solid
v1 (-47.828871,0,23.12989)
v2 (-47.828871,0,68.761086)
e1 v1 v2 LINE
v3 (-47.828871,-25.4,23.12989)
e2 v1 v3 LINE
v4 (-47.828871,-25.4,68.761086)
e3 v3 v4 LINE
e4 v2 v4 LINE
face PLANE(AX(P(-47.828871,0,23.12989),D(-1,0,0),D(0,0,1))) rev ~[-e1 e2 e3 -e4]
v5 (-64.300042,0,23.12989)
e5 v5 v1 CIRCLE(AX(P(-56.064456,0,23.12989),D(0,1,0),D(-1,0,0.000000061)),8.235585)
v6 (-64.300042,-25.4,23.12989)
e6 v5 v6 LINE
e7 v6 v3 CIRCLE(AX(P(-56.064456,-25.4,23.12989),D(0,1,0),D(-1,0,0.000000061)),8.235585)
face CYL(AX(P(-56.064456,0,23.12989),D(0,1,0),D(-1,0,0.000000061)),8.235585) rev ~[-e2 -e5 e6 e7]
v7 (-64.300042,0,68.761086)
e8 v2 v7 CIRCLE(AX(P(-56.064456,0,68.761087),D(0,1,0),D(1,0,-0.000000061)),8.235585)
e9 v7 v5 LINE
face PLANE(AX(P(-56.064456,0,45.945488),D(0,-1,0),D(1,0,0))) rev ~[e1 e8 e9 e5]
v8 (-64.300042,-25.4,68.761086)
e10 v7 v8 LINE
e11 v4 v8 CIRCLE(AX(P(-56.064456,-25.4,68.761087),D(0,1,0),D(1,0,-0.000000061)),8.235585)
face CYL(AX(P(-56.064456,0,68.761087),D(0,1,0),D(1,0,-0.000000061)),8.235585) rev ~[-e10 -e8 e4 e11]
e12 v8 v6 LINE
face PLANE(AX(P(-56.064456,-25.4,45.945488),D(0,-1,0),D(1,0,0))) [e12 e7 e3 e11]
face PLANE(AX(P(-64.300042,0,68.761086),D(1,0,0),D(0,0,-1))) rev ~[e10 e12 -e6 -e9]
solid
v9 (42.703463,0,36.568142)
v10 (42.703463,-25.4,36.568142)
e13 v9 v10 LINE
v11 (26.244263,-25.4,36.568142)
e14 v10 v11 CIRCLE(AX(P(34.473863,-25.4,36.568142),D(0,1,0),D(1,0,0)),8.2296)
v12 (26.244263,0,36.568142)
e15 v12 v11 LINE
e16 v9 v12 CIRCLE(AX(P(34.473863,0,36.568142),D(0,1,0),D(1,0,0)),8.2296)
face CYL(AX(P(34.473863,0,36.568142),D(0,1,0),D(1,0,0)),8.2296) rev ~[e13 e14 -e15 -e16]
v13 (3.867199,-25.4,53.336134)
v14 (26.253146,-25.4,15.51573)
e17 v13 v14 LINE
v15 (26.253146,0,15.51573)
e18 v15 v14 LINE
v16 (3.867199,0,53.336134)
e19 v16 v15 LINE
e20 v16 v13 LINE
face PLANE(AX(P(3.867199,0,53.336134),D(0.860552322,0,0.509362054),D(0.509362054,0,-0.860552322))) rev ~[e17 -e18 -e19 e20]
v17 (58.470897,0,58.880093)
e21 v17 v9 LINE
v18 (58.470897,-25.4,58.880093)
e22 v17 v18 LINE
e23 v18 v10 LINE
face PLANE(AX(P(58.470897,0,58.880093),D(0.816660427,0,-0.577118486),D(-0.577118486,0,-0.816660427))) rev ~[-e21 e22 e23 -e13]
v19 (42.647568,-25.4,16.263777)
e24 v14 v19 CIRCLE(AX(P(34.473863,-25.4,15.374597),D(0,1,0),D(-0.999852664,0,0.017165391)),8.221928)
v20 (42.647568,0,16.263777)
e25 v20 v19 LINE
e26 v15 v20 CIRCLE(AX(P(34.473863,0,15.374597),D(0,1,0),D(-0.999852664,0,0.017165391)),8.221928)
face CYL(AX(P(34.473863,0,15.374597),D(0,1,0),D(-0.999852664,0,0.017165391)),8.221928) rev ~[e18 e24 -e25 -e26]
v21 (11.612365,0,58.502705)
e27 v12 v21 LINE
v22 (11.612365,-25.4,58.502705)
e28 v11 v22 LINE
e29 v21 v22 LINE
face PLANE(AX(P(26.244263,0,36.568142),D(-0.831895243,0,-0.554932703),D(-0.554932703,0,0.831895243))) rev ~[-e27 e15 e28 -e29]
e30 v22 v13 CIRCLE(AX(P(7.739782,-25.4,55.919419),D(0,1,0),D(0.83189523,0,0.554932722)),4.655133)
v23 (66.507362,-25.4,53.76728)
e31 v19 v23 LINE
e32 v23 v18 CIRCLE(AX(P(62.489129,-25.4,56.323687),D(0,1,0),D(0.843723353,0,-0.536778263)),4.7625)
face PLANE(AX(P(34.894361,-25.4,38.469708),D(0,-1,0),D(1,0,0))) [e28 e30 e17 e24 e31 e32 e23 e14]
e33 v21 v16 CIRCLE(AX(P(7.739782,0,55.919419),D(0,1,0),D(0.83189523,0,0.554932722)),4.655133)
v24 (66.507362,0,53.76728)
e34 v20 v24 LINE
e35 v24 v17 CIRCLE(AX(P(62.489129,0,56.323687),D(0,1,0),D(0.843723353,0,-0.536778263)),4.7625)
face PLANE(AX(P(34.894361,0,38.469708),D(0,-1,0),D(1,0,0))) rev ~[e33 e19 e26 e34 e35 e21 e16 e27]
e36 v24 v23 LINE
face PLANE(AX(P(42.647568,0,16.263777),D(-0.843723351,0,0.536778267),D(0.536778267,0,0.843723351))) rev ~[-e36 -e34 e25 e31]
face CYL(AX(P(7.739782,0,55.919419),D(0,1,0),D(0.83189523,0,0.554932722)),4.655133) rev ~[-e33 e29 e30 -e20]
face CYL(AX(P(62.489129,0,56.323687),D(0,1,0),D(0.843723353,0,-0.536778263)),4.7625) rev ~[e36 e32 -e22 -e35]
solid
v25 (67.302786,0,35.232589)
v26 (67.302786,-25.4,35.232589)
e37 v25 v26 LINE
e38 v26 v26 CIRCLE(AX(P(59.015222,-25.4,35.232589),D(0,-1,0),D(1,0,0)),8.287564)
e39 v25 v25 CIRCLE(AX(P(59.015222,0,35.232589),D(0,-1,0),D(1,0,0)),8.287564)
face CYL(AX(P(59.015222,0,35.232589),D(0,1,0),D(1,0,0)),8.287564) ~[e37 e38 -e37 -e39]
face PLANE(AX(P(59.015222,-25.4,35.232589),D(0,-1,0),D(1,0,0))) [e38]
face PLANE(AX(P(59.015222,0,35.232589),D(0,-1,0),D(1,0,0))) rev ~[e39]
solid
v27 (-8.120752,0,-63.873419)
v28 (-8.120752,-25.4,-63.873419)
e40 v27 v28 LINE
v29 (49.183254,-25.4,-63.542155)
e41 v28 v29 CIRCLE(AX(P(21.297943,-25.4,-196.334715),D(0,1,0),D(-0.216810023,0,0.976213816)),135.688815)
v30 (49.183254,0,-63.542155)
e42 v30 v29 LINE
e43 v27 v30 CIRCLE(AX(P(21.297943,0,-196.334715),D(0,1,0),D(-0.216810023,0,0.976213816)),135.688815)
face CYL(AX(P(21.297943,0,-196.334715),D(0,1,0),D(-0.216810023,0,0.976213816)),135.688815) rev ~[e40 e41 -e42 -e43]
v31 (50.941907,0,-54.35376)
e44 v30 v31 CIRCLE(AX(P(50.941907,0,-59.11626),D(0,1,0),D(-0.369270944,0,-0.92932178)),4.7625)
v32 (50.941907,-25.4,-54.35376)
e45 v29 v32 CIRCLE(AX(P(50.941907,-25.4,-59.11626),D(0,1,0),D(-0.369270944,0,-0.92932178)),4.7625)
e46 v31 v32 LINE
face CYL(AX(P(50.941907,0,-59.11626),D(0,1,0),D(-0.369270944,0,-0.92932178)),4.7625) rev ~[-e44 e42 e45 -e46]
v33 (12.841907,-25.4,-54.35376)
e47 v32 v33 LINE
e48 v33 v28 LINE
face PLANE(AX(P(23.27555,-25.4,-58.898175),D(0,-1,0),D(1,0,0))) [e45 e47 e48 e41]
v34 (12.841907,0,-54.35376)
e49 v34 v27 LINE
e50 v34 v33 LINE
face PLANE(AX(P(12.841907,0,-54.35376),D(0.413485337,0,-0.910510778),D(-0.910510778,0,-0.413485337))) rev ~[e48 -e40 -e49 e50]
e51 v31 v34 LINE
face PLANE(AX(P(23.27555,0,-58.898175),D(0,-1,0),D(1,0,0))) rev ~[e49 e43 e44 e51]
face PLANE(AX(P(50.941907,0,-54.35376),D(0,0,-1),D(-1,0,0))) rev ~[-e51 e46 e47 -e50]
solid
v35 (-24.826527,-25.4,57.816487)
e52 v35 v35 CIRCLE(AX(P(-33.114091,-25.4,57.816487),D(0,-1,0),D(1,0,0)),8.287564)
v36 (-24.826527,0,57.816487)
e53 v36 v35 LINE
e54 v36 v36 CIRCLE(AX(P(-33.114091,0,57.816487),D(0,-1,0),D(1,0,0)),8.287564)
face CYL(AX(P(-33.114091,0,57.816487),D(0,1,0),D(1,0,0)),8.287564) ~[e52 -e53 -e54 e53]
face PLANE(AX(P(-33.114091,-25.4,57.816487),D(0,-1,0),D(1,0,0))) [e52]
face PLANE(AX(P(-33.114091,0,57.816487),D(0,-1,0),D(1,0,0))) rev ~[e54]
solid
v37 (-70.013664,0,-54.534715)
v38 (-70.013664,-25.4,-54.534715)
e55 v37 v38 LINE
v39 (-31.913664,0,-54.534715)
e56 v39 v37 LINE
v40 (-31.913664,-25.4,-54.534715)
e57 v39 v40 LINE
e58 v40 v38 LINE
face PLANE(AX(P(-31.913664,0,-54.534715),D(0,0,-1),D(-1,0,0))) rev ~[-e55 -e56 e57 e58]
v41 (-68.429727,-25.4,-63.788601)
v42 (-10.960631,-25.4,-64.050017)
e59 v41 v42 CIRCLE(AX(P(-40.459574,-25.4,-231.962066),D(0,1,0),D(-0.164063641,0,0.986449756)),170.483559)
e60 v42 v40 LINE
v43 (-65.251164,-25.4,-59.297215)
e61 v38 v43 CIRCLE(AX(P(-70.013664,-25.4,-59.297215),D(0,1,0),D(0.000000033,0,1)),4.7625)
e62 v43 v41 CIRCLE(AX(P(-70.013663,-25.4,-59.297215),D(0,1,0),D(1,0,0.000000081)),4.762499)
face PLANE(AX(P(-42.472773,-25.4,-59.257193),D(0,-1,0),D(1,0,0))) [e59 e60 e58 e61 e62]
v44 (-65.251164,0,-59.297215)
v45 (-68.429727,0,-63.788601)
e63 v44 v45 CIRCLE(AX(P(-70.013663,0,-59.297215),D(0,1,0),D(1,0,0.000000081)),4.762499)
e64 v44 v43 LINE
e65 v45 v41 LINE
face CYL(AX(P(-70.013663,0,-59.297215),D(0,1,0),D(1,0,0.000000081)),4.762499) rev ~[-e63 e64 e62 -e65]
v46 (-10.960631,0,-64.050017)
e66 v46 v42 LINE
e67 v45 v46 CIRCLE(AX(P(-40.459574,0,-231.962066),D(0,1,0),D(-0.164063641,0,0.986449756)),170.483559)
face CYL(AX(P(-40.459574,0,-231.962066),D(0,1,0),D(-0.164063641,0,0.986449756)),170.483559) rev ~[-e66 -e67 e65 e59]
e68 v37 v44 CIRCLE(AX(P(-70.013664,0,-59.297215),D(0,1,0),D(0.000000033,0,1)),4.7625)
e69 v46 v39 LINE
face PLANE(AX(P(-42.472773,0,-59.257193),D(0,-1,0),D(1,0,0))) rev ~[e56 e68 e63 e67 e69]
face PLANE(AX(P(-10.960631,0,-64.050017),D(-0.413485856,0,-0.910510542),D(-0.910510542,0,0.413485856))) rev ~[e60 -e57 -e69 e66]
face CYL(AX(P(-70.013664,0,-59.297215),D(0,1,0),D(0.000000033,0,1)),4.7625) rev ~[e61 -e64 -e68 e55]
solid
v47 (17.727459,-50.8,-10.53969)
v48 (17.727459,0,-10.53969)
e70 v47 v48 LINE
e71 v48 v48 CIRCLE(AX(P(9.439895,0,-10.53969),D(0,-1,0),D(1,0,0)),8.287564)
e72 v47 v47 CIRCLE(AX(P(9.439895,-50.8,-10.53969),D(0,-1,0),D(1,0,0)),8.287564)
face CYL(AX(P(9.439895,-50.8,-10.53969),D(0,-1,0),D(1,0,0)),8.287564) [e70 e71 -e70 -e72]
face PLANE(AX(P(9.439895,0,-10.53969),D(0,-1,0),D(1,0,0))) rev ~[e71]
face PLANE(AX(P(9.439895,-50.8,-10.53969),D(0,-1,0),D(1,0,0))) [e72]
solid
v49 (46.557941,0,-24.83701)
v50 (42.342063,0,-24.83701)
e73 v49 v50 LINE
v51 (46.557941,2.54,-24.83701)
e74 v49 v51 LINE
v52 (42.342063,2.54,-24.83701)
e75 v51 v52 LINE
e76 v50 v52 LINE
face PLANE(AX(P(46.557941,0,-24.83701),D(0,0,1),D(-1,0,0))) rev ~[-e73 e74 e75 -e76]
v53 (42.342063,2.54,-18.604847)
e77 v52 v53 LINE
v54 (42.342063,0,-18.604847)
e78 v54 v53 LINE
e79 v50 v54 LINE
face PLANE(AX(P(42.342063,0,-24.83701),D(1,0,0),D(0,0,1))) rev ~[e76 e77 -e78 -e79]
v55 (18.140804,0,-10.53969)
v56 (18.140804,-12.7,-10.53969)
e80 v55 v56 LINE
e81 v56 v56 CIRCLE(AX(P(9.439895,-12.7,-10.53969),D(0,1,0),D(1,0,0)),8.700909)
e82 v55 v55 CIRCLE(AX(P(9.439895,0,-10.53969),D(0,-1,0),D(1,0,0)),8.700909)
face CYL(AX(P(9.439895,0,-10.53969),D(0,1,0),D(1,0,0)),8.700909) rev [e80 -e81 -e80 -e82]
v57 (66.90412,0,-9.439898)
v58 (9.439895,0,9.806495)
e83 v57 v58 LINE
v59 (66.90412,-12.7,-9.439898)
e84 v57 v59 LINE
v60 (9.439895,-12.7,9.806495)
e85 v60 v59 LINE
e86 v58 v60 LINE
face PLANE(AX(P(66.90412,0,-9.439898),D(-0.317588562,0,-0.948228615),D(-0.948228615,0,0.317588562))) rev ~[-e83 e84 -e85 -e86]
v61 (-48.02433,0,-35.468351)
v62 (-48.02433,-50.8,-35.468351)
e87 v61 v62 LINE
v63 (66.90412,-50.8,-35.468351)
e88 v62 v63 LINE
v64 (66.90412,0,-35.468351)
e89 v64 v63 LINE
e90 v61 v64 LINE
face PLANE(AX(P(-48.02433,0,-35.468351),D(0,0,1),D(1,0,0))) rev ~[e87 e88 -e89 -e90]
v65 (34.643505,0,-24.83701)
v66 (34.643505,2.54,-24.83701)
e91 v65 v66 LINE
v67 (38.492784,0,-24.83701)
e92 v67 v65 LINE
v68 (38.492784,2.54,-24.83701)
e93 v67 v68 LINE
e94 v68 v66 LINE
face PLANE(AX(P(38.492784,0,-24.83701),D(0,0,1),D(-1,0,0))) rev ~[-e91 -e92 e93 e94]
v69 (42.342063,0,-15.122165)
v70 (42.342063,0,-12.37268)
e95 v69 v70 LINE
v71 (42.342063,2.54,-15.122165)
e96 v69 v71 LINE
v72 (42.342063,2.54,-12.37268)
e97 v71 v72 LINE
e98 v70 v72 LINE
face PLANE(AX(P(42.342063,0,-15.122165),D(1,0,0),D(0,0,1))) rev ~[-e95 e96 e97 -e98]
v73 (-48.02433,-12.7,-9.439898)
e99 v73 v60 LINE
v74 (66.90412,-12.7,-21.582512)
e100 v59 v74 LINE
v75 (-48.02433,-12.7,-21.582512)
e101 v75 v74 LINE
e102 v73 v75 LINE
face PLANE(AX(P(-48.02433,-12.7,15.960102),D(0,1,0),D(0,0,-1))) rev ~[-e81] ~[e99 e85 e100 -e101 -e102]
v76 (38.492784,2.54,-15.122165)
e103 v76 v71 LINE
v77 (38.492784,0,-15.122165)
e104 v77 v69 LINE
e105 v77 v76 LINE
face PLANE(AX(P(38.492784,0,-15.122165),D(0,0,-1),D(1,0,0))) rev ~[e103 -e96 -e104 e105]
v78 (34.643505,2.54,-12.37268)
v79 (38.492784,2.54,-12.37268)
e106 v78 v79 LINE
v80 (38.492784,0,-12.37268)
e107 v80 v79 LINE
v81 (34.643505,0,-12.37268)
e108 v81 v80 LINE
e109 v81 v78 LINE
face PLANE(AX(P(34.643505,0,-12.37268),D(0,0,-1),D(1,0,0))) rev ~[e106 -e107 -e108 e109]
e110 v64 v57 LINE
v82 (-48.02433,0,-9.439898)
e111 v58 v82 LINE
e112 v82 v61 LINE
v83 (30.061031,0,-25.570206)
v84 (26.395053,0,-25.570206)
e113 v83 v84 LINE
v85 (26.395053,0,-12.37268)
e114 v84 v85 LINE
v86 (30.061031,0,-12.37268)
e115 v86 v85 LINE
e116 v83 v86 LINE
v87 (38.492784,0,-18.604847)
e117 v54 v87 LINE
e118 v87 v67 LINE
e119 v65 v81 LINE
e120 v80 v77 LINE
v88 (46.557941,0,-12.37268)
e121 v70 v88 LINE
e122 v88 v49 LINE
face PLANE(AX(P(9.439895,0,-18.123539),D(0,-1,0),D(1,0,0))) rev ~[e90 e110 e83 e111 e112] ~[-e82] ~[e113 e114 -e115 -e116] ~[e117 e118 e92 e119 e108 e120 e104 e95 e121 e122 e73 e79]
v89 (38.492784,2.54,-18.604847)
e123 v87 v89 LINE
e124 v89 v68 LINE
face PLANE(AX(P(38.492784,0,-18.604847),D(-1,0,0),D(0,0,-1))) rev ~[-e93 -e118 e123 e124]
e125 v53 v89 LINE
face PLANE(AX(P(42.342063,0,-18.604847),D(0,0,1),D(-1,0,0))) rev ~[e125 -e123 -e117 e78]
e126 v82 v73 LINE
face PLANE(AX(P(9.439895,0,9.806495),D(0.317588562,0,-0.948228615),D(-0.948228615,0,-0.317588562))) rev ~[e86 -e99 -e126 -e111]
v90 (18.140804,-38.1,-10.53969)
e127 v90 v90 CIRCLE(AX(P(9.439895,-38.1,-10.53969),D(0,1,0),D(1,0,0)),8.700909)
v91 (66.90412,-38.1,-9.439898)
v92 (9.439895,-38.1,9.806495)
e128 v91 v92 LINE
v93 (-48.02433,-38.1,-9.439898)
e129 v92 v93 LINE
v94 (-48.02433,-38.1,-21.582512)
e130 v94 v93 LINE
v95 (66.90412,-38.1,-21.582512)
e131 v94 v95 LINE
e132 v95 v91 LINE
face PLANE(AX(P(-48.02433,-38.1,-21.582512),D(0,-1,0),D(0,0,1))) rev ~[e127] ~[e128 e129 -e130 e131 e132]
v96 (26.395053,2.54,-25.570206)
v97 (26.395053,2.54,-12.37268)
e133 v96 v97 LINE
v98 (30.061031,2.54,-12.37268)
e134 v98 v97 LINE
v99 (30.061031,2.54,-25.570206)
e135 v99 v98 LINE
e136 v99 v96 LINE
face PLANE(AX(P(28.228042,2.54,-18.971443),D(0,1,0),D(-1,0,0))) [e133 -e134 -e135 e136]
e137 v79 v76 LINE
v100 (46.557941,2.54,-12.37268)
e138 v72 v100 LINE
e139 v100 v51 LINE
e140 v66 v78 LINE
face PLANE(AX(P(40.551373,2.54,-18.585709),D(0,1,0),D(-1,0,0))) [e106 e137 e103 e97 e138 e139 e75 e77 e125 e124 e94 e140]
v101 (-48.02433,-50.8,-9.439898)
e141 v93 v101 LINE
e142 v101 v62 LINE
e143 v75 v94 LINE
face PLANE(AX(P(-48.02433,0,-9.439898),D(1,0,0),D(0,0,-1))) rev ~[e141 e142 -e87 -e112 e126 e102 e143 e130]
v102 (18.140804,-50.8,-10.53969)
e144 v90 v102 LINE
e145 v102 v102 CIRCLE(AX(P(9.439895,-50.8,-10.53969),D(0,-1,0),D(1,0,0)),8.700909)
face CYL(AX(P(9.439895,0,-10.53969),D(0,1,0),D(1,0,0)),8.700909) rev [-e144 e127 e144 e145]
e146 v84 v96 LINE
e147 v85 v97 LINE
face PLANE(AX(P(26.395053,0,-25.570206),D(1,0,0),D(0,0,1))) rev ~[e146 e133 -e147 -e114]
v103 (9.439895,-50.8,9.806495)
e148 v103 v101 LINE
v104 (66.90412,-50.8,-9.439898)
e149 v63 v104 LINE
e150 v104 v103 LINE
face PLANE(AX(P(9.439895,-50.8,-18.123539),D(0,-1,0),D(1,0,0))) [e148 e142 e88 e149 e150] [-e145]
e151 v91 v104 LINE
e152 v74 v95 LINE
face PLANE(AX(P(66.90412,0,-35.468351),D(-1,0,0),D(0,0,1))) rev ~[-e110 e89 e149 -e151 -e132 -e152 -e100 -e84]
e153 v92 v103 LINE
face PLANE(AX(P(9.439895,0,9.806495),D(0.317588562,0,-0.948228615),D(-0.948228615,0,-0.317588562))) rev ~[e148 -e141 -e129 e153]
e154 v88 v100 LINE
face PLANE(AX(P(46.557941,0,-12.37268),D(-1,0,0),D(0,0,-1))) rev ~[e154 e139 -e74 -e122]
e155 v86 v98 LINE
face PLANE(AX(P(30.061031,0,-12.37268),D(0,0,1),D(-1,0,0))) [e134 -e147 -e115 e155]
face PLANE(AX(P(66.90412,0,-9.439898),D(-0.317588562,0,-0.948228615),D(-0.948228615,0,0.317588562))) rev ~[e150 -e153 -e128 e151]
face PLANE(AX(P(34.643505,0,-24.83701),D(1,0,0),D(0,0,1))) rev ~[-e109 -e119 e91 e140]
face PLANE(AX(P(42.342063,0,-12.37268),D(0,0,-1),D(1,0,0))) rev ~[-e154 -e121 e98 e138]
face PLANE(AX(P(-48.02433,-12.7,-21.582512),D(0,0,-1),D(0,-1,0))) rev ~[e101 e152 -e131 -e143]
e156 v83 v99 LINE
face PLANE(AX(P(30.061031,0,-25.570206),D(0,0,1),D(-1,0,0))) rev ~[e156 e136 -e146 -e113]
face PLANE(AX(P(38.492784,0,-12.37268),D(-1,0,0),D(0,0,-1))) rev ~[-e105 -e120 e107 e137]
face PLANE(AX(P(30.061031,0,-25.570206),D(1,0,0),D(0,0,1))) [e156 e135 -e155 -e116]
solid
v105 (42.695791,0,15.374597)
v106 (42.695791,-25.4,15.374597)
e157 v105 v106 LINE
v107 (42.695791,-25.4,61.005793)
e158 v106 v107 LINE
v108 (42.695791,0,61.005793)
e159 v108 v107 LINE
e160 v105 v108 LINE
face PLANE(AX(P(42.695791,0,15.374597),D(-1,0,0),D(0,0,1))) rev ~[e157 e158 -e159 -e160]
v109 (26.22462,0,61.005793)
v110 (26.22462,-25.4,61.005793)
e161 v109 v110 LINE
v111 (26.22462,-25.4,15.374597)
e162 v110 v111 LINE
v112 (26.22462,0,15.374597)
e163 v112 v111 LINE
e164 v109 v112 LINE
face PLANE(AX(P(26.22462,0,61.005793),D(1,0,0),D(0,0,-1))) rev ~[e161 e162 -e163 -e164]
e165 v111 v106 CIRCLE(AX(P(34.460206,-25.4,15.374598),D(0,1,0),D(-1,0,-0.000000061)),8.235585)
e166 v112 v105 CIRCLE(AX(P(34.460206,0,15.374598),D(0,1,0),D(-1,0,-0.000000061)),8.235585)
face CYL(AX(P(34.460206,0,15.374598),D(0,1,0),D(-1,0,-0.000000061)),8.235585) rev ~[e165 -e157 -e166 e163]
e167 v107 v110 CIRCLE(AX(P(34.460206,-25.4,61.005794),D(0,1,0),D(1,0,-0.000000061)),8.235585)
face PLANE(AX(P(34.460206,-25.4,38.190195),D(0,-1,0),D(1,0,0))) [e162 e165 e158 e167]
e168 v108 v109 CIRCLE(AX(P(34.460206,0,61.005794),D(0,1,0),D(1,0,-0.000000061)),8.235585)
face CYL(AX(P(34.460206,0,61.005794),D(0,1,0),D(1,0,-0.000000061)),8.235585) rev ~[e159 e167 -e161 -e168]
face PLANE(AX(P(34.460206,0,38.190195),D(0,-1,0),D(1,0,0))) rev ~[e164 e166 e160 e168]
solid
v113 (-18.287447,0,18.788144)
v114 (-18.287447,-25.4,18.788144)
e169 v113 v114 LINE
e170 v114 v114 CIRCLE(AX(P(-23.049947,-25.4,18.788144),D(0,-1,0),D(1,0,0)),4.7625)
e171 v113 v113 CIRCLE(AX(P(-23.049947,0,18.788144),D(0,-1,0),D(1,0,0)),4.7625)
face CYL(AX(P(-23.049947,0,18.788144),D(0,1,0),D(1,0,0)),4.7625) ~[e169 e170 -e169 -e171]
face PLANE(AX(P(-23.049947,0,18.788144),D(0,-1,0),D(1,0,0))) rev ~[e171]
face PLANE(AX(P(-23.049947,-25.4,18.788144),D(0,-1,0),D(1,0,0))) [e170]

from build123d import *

# Parameters (mm, degrees)
F0_R      = 8.700909
F1_DEPTH  = 50.8
F2_W      = 25.4
F2_H      = 12.142614
F2_H_2    = 25.4
F3_DEPTH  = 228.6
F4_R      = 8.287564
F5_DEPTH  = 50.8
F7_DEPTH  = 25.4
F8_R      = 8.287564
F9_DEPTH  = 25.4
F11_DEPTH = 25.4
F12_R     = 8.287564
F13_DEPTH = 25.4
F15_DEPTH = 25.4
F16_R     = 4.7625
F17_DEPTH = 25.4
F19_DEPTH = 25.4
F21_DEPTH = 25.4
F22_W     = 3.665978
F22_H     = 13.197526
F23_DEPTH = 2.54


with BuildPart() as f1:
    # F0 (on Front) → F1 (new body)
    with BuildSketch(Plane.XZ):
        Polygon((-48.02433, -9.439898), (-48.02433, -35.468351), (66.90412, -35.468351), (66.90412, -9.439898), (9.439895, 9.806495), align=None)
        with Locations((9.439895, -10.53969)):
            Circle(F0_R, mode=Mode.SUBTRACT)
    extrude(amount=F1_DEPTH)

    # F2 (on face) → F3 (cut)
    with BuildSketch(Plane(origin=(-48.02433, 0, 0), x_dir=(0, -1, 0), z_dir=(-1, 0, 0))):
        with Locations((25.4, -15.511205)):
            Rectangle(F2_W, F2_H)
        with Locations((25.4, 3.260102)):
            Rectangle(F2_W, F2_H_2)
    extrude(amount=-F3_DEPTH, mode=Mode.SUBTRACT)

    # F22 (on face) → F23 (join)
    with BuildSketch(Plane(origin=(0, 0, 0), x_dir=(-1, 0, 0), z_dir=(0, 1, 0))):
        Polygon((-42.342063, -12.37268), (-46.557941, -12.37268), (-46.557941, -24.83701), (-42.342063, -24.83701), (-42.342063, -18.604847), (-38.492784, -18.604847), (-38.492784, -24.83701), (-34.643505, -24.83701), (-34.643505, -12.37268), (-38.492784, -12.37268), (-38.492784, -15.122165), (-42.342063, -15.122165), align=None)
        with Locations((-28.228042, -18.971443)):
            Rectangle(F22_W, F22_H)
    extrude(amount=F23_DEPTH)


with BuildPart() as f5:
    # F4 (on face) → F5 (new body)
    with BuildSketch(Plane.XZ.offset(50.8)):
        with Locations((9.439895, -10.53969)):
            Circle(F4_R)
    extrude(amount=-F5_DEPTH)


with BuildPart() as f7:
    # F6 (on Front) → F7 (new body)
    with BuildSketch(Plane.XZ):
        with BuildLine():
            Line((26.22462, 61.005793), (26.22462, 15.374597))
            ThreePointArc((26.22462, 15.374597), (34.460206, 23.610183), (42.695791, 15.374597))
            Line((42.695791, 15.374597), (42.695791, 61.005793))
            ThreePointArc((42.695791, 61.005793), (34.460206, 52.770208), (26.22462, 61.005793))
        make_face()
    extrude(amount=F7_DEPTH)


with BuildPart() as f9:
    # F8 (on Front) → F9 (new body)
    with BuildSketch(Plane.XZ):
        with Locations((59.015222, 35.232589)):
            Circle(F8_R)
    extrude(amount=F9_DEPTH)


with BuildPart() as f11:
    # F10 (on Front) → F11 (new body)
    with BuildSketch(Plane.XZ):
        with BuildLine():
            Line((-64.300042, 68.761086), (-64.300042, 23.12989))
            ThreePointArc((-64.300042, 23.12989), (-56.064457, 31.365475), (-47.828871, 23.12989))
            Line((-47.828871, 23.12989), (-47.828871, 68.761086))
            ThreePointArc((-47.828871, 68.761086), (-56.064457, 60.525501), (-64.300042, 68.761086))
        make_face()
    extrude(amount=F11_DEPTH)


with BuildPart() as f13:
    # F12 (on Front) → F13 (new body)
    with BuildSketch(Plane.XZ):
        with Locations((-33.114091, 57.816487)):
            Circle(F12_R)
    extrude(amount=F13_DEPTH)


with BuildPart() as f15:
    # F14 (on Front) → F15 (new body)
    with BuildSketch(Plane.XZ):
        with BuildLine():
            ThreePointArc((26.253146, 15.51573), (34.099101, 23.58798), (42.647568, 16.263777))
            Line((42.647568, 16.263777), (66.507362, 53.76728))
            ThreePointArc((66.507362, 53.76728), (59.932723, 52.305454), (58.470897, 58.880093))
            Line((58.470897, 58.880093), (42.703463, 36.568142))
            ThreePointArc((42.703463, 36.568142), (34.473863, 28.338542), (26.244263, 36.568142))
            Line((26.244263, 36.568142), (11.612365, 58.502705))
            ThreePointArc((11.612365, 58.502705), (10.323067, 52.046836), (3.867199, 53.336134))
            Line((3.867199, 53.336134), (26.253146, 15.51573))
        make_face()
    extrude(amount=F15_DEPTH)


with BuildPart() as f17:
    # F16 (on Front) → F17 (new body)
    with BuildSketch(Plane.XZ):
        with Locations((-23.049947, 18.788144)):
            Circle(F16_R)
    extrude(amount=F17_DEPTH)


with BuildPart() as f19:
    # F18 (on Front) → F19 (new body)
    with BuildSketch(Plane.XZ):
        with BuildLine():
            ThreePointArc((49.183254, -63.542155), (46.264315, -58.220972), (50.941907, -54.35376))
            Line((50.941907, -54.35376), (12.841907, -54.35376))
            Line((12.841907, -54.35376), (-8.120752, -63.873419))
            ThreePointArc((-8.120752, -63.873419), (20.513564, -60.648167), (49.183254, -63.542155))
        make_face()
    extrude(amount=F19_DEPTH)


with BuildPart() as f21:
    # F20 (on Front) → F21 (new body)
    with BuildSketch(Plane.XZ):
        with BuildLine():
            ThreePointArc((-70.013664, -54.534715), (-66.646068, -55.929619), (-65.251164, -59.297215))
            ThreePointArc((-65.251164, -59.297215), (-66.12619, -62.048388), (-68.429727, -63.788601))
            ThreePointArc((-68.429727, -63.788601), (-39.684084, -61.480271), (-10.960631, -64.050017))
            Line((-10.960631, -64.050017), (-31.913664, -54.534715))
            Line((-31.913664, -54.534715), (-70.013664, -54.534715))
        make_face()
    extrude(amount=F21_DEPTH)


solid = Compound([f1.part, f5.part, f7.part, f9.part, f11.part, f13.part, f15.part, f17.part, f19.part, f21.part])
